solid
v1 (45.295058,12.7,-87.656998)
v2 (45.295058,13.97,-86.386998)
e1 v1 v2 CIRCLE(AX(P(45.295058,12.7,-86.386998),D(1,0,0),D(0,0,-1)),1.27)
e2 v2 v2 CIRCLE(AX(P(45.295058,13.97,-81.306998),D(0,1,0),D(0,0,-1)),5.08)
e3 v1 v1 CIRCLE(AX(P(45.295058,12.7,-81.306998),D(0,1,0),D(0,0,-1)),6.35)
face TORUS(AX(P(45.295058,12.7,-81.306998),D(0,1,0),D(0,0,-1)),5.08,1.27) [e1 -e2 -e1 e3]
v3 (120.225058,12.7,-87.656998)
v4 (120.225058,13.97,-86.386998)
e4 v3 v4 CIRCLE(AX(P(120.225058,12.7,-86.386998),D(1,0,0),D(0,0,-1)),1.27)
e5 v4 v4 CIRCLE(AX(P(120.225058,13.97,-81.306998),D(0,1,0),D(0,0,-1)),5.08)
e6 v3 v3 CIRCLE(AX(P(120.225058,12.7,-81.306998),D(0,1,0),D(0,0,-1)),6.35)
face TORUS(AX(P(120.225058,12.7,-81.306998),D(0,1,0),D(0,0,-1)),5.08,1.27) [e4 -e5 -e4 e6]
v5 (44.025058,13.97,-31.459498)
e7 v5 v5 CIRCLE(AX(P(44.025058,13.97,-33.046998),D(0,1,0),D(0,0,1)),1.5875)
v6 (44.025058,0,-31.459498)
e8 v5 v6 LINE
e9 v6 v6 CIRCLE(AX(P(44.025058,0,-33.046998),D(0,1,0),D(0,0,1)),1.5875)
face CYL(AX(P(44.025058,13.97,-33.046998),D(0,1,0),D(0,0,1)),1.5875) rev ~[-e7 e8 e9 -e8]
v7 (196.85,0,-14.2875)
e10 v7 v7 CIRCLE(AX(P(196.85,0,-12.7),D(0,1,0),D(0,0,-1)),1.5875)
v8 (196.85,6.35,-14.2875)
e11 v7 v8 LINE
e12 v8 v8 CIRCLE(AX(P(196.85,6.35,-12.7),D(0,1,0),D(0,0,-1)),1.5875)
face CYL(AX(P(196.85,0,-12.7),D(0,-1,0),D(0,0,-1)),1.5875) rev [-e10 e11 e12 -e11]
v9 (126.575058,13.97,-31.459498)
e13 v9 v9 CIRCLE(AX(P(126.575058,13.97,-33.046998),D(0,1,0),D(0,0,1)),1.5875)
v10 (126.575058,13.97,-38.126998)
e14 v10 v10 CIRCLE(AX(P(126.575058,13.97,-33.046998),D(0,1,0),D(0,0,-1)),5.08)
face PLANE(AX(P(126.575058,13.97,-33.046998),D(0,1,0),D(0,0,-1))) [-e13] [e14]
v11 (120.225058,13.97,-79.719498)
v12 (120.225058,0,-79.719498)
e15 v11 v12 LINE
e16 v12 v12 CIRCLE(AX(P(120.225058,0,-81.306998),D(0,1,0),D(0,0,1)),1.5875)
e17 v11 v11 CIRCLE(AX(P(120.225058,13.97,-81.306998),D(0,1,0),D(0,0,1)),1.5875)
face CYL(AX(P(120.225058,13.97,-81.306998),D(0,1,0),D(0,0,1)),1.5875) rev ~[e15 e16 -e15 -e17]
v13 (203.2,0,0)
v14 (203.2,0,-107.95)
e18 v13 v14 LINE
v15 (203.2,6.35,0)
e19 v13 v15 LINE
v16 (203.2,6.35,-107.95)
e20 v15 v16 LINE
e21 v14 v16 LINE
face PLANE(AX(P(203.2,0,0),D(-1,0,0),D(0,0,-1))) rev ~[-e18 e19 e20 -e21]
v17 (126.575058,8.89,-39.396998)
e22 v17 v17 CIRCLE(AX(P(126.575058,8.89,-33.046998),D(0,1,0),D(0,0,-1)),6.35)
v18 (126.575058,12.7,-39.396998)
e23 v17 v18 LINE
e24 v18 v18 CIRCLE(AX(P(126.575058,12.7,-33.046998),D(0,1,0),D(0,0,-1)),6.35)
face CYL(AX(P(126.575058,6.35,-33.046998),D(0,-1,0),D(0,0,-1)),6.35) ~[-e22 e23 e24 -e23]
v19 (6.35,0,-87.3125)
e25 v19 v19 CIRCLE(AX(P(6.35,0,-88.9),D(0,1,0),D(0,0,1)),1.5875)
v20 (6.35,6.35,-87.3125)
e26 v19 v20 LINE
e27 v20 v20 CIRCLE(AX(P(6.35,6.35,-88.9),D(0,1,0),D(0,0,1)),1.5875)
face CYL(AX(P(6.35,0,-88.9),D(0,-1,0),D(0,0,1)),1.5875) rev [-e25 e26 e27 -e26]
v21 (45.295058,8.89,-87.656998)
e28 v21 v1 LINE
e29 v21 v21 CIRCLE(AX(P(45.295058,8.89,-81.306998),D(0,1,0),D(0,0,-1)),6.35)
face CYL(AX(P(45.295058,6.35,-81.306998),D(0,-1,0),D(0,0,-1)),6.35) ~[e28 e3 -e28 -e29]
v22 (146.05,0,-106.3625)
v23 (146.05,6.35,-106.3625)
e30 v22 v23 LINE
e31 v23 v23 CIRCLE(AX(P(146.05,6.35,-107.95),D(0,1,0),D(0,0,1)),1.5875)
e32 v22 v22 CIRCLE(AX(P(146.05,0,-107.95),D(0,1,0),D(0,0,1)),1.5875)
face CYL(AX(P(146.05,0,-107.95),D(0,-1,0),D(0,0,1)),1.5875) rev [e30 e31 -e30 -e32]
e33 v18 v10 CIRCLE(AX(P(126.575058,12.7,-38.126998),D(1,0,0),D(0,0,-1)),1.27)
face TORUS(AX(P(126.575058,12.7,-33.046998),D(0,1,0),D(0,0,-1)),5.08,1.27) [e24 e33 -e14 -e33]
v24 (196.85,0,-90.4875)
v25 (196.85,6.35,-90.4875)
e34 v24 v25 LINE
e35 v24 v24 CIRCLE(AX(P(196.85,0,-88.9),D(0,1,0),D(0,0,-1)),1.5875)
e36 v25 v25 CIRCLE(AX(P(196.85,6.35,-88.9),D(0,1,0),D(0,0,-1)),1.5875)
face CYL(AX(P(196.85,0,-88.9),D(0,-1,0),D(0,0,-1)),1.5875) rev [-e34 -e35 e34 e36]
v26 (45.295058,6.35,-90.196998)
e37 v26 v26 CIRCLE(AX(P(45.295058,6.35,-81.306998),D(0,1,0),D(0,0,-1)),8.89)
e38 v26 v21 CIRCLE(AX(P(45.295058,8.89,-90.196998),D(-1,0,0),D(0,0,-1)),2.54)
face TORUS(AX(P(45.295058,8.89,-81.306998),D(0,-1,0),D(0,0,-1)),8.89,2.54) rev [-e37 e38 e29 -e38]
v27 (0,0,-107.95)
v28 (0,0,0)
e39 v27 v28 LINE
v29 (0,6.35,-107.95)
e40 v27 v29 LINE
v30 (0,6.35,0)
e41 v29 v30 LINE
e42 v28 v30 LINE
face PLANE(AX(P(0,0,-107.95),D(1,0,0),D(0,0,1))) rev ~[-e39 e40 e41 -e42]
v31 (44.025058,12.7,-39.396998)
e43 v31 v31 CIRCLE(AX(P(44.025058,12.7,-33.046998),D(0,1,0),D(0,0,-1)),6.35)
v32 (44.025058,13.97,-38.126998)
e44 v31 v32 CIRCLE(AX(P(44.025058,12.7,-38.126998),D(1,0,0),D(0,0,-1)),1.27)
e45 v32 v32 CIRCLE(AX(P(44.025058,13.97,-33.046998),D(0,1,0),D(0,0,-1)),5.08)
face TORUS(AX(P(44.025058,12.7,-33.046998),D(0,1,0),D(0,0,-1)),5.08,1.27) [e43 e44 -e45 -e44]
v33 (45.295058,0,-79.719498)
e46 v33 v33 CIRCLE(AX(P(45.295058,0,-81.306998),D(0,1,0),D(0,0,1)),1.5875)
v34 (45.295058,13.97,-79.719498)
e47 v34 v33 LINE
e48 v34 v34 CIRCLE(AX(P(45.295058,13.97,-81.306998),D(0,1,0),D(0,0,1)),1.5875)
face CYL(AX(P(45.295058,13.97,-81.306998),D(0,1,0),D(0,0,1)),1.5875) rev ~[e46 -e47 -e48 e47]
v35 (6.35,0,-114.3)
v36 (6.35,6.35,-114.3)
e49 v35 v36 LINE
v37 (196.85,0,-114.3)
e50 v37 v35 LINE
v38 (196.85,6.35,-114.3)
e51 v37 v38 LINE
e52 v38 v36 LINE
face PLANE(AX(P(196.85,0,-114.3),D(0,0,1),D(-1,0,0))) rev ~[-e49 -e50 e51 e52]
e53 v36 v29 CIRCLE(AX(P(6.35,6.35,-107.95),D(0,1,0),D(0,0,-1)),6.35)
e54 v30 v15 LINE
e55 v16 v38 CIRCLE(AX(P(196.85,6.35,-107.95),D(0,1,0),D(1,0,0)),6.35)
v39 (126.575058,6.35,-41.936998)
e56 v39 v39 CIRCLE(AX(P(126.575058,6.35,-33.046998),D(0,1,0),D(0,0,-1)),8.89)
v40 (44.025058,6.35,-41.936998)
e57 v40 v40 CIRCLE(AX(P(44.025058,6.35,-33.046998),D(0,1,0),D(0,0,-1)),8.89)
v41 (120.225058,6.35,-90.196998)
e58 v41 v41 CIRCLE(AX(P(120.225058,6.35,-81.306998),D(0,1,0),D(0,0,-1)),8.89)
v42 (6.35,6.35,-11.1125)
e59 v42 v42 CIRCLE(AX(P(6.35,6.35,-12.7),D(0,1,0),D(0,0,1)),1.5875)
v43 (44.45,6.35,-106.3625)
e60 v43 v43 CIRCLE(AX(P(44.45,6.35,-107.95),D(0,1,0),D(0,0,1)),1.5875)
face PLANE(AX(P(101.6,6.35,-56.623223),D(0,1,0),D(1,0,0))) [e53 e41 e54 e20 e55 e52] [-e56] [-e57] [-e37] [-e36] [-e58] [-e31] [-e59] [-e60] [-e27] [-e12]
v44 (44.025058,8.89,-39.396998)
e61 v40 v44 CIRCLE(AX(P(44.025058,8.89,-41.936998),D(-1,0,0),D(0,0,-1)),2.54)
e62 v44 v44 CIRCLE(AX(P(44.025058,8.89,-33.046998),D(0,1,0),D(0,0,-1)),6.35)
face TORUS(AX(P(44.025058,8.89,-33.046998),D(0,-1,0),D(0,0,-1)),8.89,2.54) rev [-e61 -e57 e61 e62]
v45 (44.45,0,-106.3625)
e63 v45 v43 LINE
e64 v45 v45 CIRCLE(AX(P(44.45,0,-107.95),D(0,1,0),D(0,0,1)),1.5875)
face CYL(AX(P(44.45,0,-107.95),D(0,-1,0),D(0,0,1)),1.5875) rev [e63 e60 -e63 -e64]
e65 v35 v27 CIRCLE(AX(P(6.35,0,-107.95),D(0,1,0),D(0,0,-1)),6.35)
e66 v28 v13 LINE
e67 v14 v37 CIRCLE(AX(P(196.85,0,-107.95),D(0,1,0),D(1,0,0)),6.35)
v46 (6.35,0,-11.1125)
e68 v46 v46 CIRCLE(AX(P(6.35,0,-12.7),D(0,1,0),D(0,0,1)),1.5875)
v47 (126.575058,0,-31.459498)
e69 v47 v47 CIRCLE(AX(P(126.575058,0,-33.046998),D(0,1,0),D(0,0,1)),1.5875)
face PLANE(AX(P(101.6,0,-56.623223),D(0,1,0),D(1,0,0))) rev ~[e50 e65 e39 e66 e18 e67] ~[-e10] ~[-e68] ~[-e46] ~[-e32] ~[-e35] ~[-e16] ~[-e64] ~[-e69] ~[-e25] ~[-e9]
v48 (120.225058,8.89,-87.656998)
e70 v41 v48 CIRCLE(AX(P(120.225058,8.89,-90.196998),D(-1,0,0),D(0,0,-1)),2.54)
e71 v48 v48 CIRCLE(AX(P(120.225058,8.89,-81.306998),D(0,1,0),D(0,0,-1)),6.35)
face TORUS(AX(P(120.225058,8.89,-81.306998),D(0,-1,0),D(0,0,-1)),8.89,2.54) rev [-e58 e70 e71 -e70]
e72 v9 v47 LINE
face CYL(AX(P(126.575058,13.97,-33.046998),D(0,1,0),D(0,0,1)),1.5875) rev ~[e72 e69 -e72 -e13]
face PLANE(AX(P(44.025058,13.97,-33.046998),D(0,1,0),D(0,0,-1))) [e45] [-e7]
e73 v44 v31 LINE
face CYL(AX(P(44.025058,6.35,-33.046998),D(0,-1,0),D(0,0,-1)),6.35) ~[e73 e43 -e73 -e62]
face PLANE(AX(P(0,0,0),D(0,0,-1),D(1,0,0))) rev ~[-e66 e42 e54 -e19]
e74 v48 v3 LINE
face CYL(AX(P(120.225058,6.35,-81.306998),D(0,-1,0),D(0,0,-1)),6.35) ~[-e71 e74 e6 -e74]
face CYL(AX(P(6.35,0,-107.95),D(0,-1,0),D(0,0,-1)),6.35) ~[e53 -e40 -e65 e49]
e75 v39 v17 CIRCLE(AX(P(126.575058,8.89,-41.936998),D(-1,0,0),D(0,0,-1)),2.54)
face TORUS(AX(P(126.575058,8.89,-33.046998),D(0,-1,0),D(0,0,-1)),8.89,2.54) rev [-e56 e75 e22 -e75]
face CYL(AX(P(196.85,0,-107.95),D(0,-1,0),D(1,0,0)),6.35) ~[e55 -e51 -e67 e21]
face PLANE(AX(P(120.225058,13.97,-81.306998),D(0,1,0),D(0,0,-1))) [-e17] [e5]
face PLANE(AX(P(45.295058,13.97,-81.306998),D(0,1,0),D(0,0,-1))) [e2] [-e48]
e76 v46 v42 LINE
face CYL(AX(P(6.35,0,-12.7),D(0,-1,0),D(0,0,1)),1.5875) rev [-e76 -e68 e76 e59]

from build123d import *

# Parameters (mm, degrees)
SKETCH1_R           = 1.5875
BOSS_EXTRUDE1_DEPTH = 6.35
SKETCH2_R           = 6.35
BOSS_EXTRUDE2_DEPTH = 7.62
FILLET1_R           = 2.54
FILLET2_R           = 1.27
SKETCH5_R           = 1.5875
CUT_EXTRUDE1_DEPTH  = 234.559180723


with BuildPart() as part:
    # Sketch1 → Boss-Extrude1 (new body)
    with BuildSketch(Plane(origin=(0, 0, 0), x_dir=(1, 0, 0), z_dir=(0, 1, 0))):
        with BuildLine():
            Line((0, 0), (203.2, 0))
            Line((203.2, 0), (203.2, 107.95))
            ThreePointArc((203.2, 107.95), (201.340128061, 112.440128061), (196.85, 114.3))
            Line((196.85, 114.3), (6.35, 114.3))
            ThreePointArc((6.35, 114.3), (1.859871939, 112.440128061), (0, 107.95))
            Line((0, 107.95), (0, 0))
        make_face()
        with Locations(Location((6.35, 12.7, 0), (0, 0, 270))):
            Circle(SKETCH1_R, mode=Mode.SUBTRACT)
        with Locations(Location((196.85, 88.9, 0), (0, 0, 90))):
            Circle(SKETCH1_R, mode=Mode.SUBTRACT)
        with Locations(Location((6.35, 88.9, 0), (0, 0, 270))):
            Circle(SKETCH1_R, mode=Mode.SUBTRACT)
        with Locations(Location((44.45, 107.95, 0), (0, 0, 270))):
            Circle(SKETCH1_R, mode=Mode.SUBTRACT)
        with Locations(Location((146.05, 107.95, 0), (0, 0, 270))):
            Circle(SKETCH1_R, mode=Mode.SUBTRACT)
        with Locations(Location((196.85, 12.7, 0), (0, 0, 90))):
            Circle(SKETCH1_R, mode=Mode.SUBTRACT)
    extrude(amount=BOSS_EXTRUDE1_DEPTH)

    # Sketch2 → Boss-Extrude2 (add)
    with BuildSketch(Plane(origin=(0, 6.35, 0), x_dir=(1, 0, 0), z_dir=(0, 1, 0))):
        with Locations(Location((45.295058165, 81.306998134, 0), (0, 0, 90))):
            Circle(SKETCH2_R)
        with Locations(Location((120.225058165, 81.306998134, 0), (0, 0, 90))):
            Circle(SKETCH2_R)
        with Locations(Location((44.025058165, 33.046998134, 0), (0, 0, 90))):
            Circle(SKETCH2_R)
        with Locations(Location((126.575058165, 33.046998134, 0), (0, 0, 90))):
            Circle(SKETCH2_R)
    extrude(amount=BOSS_EXTRUDE2_DEPTH)

    # Fillet1
    fillet1_edges = [part.edges().sort_by_distance(p)[0] for p in [
        (45.295058165, 6.35, -74.956998134),
        (120.225058165, 6.35, -74.956998134),
        (44.025058165, 6.35, -26.696998134),
        (126.575058165, 6.35, -26.696998134),
    ]]
    fillet(fillet1_edges, radius=FILLET1_R)

    # Fillet2
    fillet2_edges = [part.edges().sort_by_distance(p)[0] for p in [
        (45.295058165, 13.97, -74.956998134),
        (120.225058165, 13.97, -74.956998134),
        (44.025058165, 13.97, -26.696998134),
        (126.575058165, 13.97, -26.696998134),
    ]]
    fillet(fillet2_edges, radius=FILLET2_R)

    # Sketch5 → Cut-Extrude1 (cut, through all)
    with BuildSketch(Plane(origin=(0, 13.97, 0), x_dir=(1, 0, 0), z_dir=(0, 1, 0))):
        with Locations(Location((45.295058165, 81.306998134, 0), (0, 0, 270))):
            Circle(SKETCH5_R)
        with Locations(Location((120.225058165, 81.306998134, 0), (0, 0, 270))):
            Circle(SKETCH5_R)
        with Locations(Location((126.575058165, 33.046998134, 0), (0, 0, 270))):
            Circle(SKETCH5_R)
        with Locations(Location((44.025058165, 33.046998134, 0), (0, 0, 270))):
            Circle(SKETCH5_R)
    extrude(amount=-CUT_EXTRUDE1_DEPTH, mode=Mode.SUBTRACT)


solid = part.part
